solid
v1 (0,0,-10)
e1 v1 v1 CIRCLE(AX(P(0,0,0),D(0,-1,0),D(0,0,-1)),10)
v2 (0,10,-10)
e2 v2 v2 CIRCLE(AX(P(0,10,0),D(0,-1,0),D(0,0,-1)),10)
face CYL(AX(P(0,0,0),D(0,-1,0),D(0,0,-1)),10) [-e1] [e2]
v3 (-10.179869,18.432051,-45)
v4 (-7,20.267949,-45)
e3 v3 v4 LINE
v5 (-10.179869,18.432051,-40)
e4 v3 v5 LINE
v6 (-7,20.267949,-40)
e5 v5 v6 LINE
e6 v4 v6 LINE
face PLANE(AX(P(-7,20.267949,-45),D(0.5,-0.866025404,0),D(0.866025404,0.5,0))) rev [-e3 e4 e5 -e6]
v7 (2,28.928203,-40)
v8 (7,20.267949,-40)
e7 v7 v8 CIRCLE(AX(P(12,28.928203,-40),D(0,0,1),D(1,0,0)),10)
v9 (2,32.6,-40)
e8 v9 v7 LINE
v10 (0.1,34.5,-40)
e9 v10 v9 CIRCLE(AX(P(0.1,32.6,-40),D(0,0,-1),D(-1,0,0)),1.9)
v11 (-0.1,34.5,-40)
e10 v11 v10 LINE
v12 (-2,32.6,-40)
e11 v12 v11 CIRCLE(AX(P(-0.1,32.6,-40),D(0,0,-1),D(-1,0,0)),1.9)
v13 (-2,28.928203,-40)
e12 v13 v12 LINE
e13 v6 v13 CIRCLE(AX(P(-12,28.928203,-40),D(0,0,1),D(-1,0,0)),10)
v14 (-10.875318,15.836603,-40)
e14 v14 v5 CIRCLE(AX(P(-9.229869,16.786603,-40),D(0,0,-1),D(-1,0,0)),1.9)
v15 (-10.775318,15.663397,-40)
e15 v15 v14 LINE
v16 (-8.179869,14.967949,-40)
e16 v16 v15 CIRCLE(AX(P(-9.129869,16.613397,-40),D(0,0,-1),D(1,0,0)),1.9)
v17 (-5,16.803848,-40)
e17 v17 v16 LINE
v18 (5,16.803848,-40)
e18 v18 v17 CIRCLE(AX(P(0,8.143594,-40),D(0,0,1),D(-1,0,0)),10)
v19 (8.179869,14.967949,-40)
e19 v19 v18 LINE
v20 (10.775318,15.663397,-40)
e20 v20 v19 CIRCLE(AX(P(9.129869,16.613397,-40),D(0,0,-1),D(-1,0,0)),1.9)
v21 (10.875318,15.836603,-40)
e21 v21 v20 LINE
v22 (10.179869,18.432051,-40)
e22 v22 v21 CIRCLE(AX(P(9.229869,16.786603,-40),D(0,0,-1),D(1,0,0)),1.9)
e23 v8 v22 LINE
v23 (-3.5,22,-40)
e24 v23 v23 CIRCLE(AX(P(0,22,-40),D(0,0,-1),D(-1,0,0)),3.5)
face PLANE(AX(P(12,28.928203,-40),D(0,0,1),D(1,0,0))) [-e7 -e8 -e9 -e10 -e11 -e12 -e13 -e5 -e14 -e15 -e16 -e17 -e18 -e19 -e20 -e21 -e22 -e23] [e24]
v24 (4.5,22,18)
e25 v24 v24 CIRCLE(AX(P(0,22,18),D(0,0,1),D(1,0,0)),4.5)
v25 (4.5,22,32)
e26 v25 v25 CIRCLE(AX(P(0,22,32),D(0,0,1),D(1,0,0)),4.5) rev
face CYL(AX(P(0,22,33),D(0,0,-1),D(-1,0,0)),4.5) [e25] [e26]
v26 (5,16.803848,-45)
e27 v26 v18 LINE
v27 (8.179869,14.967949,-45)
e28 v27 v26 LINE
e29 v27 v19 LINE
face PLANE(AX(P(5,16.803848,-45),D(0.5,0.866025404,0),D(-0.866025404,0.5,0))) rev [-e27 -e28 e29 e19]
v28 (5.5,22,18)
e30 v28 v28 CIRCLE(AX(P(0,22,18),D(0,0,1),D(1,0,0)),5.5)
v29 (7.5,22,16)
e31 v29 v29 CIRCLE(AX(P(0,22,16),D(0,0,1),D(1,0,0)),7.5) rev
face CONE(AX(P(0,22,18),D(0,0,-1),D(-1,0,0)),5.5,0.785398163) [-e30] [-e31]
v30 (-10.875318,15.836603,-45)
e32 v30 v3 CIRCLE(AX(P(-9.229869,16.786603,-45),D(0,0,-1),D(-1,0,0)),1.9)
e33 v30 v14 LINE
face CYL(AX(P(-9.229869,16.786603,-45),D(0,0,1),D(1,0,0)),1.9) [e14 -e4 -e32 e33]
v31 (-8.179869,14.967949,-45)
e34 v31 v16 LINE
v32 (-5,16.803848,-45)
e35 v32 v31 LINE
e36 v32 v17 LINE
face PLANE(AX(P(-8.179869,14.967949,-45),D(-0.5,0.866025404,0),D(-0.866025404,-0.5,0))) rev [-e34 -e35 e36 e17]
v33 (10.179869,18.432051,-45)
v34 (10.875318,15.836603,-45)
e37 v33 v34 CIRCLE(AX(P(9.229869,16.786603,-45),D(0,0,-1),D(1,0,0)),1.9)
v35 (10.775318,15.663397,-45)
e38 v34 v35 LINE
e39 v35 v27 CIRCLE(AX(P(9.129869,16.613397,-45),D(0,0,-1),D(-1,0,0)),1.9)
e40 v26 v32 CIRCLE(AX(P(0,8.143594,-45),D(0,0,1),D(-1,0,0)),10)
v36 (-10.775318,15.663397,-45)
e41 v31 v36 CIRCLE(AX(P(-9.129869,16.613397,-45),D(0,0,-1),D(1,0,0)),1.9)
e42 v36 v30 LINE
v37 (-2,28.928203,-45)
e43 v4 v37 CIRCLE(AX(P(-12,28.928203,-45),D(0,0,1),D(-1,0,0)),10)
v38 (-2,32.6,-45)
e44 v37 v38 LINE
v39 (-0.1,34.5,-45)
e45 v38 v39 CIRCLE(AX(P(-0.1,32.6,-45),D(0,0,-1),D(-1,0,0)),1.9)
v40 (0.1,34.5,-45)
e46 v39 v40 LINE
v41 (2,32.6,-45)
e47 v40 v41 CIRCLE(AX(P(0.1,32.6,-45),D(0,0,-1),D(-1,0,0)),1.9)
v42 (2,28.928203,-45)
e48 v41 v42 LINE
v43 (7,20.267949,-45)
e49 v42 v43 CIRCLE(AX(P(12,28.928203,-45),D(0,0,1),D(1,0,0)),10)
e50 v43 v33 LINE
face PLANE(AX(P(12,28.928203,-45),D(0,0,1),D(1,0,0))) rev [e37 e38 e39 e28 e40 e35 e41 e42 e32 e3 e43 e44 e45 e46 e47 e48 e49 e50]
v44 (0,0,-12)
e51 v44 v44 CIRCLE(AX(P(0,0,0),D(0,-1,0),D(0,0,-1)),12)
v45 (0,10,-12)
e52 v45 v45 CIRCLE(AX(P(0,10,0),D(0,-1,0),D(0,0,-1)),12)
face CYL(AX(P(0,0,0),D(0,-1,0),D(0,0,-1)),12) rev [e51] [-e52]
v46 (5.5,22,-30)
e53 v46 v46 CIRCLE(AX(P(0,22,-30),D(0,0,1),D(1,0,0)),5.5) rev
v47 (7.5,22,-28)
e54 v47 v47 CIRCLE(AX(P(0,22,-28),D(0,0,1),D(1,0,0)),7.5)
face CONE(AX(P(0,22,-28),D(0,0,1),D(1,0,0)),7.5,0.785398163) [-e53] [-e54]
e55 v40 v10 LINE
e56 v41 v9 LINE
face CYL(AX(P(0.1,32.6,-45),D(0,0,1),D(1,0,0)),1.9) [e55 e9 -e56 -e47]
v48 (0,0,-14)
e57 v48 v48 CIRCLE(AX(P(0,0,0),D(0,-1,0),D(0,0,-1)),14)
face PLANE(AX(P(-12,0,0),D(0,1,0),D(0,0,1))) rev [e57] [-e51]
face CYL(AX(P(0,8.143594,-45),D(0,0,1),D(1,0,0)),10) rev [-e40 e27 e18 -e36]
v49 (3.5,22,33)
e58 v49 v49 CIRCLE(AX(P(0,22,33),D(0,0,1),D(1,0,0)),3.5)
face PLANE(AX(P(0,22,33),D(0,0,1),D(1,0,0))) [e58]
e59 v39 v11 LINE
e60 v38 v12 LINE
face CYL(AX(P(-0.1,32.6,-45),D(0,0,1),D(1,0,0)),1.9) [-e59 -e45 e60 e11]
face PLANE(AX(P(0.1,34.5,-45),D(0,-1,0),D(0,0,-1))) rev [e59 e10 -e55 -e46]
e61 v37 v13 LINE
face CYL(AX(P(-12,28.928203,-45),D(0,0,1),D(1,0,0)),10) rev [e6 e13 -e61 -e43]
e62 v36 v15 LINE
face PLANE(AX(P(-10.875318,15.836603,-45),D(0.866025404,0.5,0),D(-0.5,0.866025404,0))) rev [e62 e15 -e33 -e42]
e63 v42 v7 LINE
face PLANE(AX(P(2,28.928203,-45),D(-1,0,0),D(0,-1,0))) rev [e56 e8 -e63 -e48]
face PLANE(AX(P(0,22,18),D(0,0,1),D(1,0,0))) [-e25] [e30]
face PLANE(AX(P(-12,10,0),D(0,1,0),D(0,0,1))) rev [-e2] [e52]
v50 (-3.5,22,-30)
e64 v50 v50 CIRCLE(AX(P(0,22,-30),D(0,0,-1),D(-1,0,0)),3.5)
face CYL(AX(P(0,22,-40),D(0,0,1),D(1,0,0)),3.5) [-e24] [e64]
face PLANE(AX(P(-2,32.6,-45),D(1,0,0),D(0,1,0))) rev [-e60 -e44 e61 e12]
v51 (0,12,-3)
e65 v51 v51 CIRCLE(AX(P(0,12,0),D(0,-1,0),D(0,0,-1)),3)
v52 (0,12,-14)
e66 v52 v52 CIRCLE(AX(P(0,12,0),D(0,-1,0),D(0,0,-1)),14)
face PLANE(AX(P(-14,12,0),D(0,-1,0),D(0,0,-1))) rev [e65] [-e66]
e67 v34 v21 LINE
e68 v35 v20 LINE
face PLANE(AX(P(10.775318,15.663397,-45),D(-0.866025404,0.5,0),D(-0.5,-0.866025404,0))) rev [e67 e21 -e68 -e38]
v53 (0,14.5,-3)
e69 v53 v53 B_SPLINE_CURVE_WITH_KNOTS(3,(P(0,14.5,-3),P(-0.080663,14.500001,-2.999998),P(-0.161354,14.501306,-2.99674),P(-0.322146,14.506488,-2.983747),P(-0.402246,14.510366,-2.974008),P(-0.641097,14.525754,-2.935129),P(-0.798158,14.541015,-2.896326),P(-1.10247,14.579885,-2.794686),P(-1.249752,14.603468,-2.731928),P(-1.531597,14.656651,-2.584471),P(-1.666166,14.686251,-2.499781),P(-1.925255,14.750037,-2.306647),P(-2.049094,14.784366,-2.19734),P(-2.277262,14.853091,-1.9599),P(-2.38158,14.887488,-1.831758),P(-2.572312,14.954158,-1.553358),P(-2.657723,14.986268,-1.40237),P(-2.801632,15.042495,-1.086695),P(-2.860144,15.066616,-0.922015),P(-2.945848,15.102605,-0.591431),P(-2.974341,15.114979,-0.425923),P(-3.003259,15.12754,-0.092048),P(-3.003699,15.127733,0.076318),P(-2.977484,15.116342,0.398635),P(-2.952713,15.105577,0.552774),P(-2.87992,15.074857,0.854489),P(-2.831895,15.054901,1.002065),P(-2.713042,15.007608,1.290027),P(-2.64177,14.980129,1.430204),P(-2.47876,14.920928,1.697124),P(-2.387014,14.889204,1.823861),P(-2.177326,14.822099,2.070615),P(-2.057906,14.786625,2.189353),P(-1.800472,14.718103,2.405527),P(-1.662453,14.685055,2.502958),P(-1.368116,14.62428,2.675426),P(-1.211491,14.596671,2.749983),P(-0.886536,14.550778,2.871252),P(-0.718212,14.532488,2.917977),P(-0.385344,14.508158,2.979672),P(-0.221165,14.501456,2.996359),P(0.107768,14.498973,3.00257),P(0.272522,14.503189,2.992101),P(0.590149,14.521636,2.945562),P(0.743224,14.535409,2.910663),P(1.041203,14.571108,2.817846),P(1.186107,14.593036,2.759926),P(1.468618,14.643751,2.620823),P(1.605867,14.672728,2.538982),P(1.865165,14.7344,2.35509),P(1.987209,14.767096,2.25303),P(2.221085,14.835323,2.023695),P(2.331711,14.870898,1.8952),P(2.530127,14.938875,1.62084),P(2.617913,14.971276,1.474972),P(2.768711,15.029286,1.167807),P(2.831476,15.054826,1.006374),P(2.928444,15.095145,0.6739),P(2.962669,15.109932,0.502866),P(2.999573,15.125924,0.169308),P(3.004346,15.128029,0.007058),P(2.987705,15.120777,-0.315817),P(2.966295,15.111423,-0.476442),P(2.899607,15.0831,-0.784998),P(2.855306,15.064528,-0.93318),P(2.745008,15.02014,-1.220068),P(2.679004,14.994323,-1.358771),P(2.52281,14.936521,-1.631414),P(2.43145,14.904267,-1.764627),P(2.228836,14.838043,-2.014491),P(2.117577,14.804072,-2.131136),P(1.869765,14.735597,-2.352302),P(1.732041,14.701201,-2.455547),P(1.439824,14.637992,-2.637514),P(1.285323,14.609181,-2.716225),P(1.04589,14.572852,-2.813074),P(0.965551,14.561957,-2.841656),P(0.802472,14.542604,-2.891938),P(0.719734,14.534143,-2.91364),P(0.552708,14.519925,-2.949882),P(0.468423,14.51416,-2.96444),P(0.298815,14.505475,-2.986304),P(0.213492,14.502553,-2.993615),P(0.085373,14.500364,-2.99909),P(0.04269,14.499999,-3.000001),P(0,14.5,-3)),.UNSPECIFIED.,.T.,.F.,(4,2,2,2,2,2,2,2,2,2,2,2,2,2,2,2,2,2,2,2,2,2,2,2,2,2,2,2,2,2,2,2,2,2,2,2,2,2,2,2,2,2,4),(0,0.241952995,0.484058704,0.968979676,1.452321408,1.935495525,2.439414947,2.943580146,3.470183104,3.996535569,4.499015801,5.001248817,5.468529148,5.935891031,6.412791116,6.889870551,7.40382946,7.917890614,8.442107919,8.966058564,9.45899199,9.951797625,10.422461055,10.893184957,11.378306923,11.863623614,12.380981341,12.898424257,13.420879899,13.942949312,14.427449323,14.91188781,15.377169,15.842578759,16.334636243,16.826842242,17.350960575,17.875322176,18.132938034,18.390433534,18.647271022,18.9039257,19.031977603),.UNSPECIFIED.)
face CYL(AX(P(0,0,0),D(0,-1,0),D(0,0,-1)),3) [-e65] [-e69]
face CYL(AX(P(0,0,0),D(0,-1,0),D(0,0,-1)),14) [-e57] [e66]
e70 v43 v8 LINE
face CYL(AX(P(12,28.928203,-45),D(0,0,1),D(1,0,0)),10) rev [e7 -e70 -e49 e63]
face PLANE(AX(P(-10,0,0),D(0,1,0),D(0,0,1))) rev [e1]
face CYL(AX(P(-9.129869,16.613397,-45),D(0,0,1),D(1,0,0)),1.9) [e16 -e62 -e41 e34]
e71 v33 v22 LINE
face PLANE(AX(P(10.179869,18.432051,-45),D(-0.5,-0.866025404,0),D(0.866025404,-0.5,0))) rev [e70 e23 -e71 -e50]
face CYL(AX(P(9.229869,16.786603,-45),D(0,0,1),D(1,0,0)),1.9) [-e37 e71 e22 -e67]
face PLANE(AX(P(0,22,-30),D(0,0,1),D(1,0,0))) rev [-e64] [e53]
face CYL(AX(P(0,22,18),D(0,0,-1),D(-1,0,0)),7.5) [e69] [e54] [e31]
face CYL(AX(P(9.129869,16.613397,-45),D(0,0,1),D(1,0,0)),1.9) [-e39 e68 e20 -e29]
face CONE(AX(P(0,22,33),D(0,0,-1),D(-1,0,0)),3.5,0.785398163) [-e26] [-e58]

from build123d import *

# Parameters (mm, degrees)
BOSS_EXTRU_1_DEPTH      = 18
BOSS_EXTRU_1_DEPTH_BACK = 30
ESQUISSE2_R             = 7.5
CHANFREIN1_SIZE         = 2
ESQUISSE3_R             = 4.5
BOSS_EXTRU_2_DEPTH      = 15
CHANFREIN2_SIZE         = 1
ESQUISSE4_R             = 3.5
BOSS_EXTRU_3_DEPTH      = 10
BOSS_EXTRU_4_DEPTH      = 5


with BuildPart() as part:
    # Esquisse1 → Révolution1 (revolve)
    with BuildSketch(Plane.XY, mode=Mode.PRIVATE) as r_volution1_sk:
        Polygon((-12, 0), (-14, 0), (-14, 12), (-3, 12), (-3, 18), (0, 18), (0, 0), (-10, 0), (-10, 10), (-12, 10), align=None)
    revolve(r_volution1_sk.sketch.rotate(Axis((0, 0, 0), (0, 1, 0)), 270), axis=Axis((0, 0, 0), (0, 1, 0)))

    # Esquisse2 → Boss.-Extru.1 (add, two sides: drawn at the far end of the back side and taken through both)
    with BuildSketch(Plane.XY.offset(-BOSS_EXTRU_1_DEPTH_BACK)):
        with Locations((0, 22)):
            Circle(ESQUISSE2_R)
    extrude(amount=BOSS_EXTRU_1_DEPTH + BOSS_EXTRU_1_DEPTH_BACK)

    # Chanfrein1
    chanfrein1_edges = [part.edges().sort_by_distance(p)[0] for p in [
        (-7.5, 22, -30),
        (-7.5, 22, 18),
    ]]
    chamfer(chanfrein1_edges, length=CHANFREIN1_SIZE)

    # Esquisse3 → Boss.-Extru.2 (add)
    with BuildSketch(Plane.XY.offset(18)):
        with Locations((0, 22)):
            Circle(ESQUISSE3_R)
    extrude(amount=BOSS_EXTRU_2_DEPTH)

    # Chanfrein2
    chanfrein2_edges = [part.edges().sort_by_distance(p)[0] for p in [
        (-4.5, 22, 33),
    ]]
    chamfer(chanfrein2_edges, length=CHANFREIN2_SIZE)

    # Esquisse4 → Boss.-Extru.3 (add)
    with BuildSketch(Plane(origin=(0, 0, -30), x_dir=(-1, 0, 0), z_dir=(0, 0, -1))):
        with Locations((0, 22)):
            Circle(ESQUISSE4_R)
    extrude(amount=BOSS_EXTRU_3_DEPTH)

    # Esquisse5 → Boss.-Extru.4 (add)
    with BuildSketch(Plane(origin=(0, 0, -40), x_dir=(-1, 0, 0), z_dir=(0, 0, -1))):
        with BuildLine():
            Line((-2, 28.92820323), (-2, 32.6))
            ThreePointArc((-2, 32.6), (-1.443502884, 33.943502884), (-0.1, 34.5))
            Line((-0.1, 34.5), (0.1, 34.5))
            ThreePointArc((0.1, 34.5), (1.443502884, 33.943502884), (2, 32.6))
            Line((2, 32.6), (2, 28.92820323))
            ThreePointArc((2, 28.92820323), (3.339745962, 23.92820323), (7, 20.267949192))
            Line((7, 20.267949192), (10.17986928, 18.432050808))
            ThreePointArc((10.17986928, 18.432050808), (11.06512835, 17.278358726), (10.875317547, 15.83660254))
            Line((10.875317547, 15.83660254), (10.775317547, 15.66339746))
            ThreePointArc((10.775317547, 15.66339746), (9.621625466, 14.77813839), (8.17986928, 14.967949192))
            Line((8.17986928, 14.967949192), (5, 16.803847577))
            ThreePointArc((5, 16.803847577), (0, 18.143593539), (-5, 16.803847577))
            Line((-5, 16.803847577), (-8.17986928, 14.967949192))
            ThreePointArc((-8.17986928, 14.967949192), (-9.621625466, 14.77813839), (-10.775317547, 15.66339746))
            Line((-10.775317547, 15.66339746), (-10.875317547, 15.83660254))
            ThreePointArc((-10.875317547, 15.83660254), (-11.06512835, 17.278358726), (-10.17986928, 18.432050808))
            Line((-10.17986928, 18.432050808), (-7, 20.267949192))
            ThreePointArc((-7, 20.267949192), (-3.339745962, 23.92820323), (-2, 28.92820323))
        make_face()
    extrude(amount=BOSS_EXTRU_4_DEPTH)


solid = part.part
